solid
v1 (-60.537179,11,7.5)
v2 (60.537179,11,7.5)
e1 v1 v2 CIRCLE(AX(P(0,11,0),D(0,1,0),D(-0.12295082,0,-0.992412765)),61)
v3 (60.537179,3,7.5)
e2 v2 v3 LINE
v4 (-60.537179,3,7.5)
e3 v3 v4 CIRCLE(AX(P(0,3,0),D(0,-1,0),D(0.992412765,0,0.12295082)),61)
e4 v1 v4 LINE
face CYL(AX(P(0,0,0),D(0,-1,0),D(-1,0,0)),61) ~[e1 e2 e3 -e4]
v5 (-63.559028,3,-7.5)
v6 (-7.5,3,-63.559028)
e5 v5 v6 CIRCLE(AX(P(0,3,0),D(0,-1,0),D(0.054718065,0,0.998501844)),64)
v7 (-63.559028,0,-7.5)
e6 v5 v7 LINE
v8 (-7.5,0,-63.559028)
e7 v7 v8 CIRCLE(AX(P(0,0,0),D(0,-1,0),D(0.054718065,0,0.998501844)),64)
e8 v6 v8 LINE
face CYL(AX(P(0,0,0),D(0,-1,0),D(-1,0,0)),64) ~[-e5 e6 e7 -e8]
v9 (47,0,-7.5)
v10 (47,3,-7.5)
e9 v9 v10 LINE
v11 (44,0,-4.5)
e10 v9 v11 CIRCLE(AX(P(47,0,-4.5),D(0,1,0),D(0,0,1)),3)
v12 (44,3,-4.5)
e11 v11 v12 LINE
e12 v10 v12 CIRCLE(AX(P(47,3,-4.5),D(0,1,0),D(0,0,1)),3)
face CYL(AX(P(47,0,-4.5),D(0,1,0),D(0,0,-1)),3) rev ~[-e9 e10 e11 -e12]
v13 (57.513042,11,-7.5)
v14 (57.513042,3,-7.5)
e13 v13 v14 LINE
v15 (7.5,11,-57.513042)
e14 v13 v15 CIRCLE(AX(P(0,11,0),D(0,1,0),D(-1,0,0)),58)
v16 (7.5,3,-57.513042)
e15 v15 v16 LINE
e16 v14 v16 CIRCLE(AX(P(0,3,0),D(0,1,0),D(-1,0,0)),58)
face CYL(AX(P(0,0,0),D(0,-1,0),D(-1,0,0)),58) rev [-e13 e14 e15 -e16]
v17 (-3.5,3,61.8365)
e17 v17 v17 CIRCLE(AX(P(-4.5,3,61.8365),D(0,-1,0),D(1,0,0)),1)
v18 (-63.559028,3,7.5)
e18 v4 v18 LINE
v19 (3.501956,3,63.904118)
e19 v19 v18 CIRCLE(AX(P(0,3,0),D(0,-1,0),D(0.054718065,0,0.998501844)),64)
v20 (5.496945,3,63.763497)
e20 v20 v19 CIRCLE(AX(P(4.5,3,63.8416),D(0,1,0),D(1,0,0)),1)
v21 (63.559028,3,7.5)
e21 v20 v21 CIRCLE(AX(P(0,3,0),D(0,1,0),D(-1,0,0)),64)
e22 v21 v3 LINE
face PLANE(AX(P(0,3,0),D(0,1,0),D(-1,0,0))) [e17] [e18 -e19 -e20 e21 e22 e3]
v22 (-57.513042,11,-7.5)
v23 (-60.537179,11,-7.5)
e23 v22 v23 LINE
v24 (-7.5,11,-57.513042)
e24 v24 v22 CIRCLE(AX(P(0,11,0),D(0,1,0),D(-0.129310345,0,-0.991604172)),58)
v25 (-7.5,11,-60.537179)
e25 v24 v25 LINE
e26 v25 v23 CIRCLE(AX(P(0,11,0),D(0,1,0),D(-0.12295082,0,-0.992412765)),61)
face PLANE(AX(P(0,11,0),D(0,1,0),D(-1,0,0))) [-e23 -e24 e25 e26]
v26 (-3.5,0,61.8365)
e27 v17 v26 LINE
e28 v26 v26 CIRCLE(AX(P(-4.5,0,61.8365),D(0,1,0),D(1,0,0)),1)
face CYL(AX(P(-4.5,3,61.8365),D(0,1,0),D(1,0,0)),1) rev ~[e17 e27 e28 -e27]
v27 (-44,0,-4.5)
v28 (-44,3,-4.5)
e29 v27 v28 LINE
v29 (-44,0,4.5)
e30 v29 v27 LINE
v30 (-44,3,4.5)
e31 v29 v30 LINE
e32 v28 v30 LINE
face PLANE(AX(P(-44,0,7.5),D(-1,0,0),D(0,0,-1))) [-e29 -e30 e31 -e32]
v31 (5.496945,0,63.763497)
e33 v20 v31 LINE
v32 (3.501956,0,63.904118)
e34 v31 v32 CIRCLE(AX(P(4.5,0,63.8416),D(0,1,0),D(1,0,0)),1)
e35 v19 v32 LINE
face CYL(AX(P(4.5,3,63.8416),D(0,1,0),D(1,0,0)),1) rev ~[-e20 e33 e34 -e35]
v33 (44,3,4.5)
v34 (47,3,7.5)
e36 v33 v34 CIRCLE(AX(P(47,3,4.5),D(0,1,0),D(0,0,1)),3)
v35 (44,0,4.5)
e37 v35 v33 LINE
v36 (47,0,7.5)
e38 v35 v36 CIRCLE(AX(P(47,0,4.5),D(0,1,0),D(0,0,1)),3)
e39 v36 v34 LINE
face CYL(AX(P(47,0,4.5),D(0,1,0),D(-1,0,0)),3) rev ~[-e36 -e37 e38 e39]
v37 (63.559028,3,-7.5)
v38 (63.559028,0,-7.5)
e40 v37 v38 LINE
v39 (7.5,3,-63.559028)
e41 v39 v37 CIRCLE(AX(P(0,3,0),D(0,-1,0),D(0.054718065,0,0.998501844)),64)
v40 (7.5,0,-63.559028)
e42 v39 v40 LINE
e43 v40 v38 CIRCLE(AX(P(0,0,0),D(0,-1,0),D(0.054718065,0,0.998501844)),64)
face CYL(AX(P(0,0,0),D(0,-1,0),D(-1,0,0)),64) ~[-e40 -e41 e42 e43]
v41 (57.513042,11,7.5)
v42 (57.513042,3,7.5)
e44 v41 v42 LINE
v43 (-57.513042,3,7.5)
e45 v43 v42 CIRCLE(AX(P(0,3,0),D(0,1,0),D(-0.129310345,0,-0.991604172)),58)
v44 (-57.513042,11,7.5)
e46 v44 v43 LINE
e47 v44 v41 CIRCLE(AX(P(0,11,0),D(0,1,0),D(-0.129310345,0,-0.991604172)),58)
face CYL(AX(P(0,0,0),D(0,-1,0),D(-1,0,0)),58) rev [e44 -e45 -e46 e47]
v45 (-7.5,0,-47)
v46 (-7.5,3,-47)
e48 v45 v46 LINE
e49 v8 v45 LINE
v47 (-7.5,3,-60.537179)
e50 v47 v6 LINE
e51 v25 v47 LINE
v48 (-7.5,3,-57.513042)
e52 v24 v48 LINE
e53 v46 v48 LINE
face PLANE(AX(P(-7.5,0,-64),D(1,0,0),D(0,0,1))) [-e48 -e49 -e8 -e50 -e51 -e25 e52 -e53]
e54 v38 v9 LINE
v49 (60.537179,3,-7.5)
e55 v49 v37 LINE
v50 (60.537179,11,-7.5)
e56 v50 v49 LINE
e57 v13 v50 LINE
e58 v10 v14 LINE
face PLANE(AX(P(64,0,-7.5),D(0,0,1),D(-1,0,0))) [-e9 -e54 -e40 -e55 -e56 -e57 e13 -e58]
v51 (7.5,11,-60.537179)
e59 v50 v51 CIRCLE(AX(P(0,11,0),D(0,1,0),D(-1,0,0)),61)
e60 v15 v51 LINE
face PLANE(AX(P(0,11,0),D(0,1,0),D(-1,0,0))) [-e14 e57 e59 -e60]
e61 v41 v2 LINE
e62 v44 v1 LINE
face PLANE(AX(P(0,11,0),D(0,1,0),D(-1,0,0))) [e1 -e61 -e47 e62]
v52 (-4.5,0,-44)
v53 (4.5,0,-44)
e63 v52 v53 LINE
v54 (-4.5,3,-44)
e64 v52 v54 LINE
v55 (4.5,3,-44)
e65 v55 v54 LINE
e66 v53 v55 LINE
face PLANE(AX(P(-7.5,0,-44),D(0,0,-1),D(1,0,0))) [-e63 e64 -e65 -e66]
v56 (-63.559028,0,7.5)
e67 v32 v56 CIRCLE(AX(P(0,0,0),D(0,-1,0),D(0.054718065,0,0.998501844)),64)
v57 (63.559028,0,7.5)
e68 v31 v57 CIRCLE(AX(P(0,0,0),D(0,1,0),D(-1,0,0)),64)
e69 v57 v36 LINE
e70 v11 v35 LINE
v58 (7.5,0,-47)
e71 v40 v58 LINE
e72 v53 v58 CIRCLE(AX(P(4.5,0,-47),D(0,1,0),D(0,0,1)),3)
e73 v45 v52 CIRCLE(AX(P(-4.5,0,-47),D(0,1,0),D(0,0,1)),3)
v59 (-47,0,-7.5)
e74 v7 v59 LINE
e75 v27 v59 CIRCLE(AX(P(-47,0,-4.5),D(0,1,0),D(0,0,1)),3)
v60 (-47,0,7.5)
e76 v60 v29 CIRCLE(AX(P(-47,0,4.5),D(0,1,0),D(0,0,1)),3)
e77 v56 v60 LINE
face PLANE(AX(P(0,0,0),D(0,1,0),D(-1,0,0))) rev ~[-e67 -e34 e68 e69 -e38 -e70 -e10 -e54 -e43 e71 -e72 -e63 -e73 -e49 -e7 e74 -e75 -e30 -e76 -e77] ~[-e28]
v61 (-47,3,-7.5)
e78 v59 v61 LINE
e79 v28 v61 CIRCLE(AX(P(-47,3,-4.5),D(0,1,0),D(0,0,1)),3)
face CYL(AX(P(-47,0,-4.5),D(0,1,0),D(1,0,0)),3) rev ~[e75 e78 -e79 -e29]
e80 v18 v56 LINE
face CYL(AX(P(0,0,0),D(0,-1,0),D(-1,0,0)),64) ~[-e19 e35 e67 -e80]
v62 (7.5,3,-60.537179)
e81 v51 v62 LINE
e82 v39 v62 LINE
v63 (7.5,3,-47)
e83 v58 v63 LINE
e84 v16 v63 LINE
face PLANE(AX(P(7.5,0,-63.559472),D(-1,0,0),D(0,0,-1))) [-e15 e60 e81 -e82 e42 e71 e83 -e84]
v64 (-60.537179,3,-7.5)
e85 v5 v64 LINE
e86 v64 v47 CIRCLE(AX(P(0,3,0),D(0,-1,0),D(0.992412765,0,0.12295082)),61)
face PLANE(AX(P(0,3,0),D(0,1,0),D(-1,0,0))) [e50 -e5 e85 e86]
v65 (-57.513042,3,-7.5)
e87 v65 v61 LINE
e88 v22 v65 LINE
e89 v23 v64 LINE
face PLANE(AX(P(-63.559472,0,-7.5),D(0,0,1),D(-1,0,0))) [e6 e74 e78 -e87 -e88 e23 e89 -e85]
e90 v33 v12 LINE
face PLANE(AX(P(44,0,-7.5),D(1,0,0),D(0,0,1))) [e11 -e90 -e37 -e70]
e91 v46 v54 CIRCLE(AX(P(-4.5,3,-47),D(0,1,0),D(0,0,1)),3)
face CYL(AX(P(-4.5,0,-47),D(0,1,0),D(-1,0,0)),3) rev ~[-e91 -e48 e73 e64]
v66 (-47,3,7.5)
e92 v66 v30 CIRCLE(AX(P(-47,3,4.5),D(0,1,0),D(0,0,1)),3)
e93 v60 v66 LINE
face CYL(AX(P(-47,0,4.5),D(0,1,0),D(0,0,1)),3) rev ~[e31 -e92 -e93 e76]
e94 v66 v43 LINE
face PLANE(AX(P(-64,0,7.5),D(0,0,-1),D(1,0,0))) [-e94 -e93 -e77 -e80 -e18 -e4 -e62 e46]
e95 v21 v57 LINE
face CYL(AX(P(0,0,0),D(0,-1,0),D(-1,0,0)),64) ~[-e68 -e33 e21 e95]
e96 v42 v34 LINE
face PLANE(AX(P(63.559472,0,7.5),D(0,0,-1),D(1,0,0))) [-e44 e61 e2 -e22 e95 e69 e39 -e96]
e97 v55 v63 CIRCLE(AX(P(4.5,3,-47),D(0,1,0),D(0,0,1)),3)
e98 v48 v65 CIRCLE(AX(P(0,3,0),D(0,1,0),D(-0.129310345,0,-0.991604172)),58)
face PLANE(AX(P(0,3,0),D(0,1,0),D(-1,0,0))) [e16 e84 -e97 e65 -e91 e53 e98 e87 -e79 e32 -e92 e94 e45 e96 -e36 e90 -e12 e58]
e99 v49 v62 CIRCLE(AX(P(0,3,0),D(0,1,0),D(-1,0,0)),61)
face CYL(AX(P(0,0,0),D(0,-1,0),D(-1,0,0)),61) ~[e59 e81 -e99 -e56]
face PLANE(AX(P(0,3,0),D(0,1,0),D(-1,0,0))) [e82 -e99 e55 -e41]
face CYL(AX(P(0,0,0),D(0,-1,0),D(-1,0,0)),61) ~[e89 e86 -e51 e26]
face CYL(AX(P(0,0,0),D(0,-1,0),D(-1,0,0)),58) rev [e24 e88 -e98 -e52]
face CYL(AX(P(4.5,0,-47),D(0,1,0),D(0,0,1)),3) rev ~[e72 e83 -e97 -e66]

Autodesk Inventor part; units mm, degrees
ref_plane "YZ Plane" through (0, 0, 0) normal (1, 0, 0) x (0, 1, 0)
ref_plane "XZ Plane" through (0, 0, 0) normal (0, 1, 0) x (-1, 0, 0)
ref_plane "XY Plane" through (0, 0, 0) normal (0, 0, 1) x (1, 0, 0)
sketch "Sketch1" plane through (0, 0, 0) normal (0, 1, 0) x (-1, 0, 0)
  circle A0 centre (0, 0) radius 61
  circle A1 centre (0, 0) radius 58
  circle A2 centre (0, 0) radius 64
  dimension "d0" = 122
  dimension "d1" = 3
  dimension "d2" = 3
extrude "Extrusion1" add sketch "Sketch1" along normal blind 11 contours A0
extrude "Extrusion2" add sketch "Sketch1" along normal blind 3 contours A2
sketch "Sketch2" plane through (0, 3, 0) normal (0, 1, 0) x (1, 0, 0)
  circle A0 centre (-4.5, -61.8365) radius 1
  circle A1 centre (0, 0) radius 61 projected
  circle A2 centre (0, 0) radius 63 construction
  circle A3 centre (4.5, -63.8416) radius 1
  dimension "d7" = 2
  dimension "d8" = 4.5
  dimension "d9" = 4.5
extrude "Extrusion3" cut sketch "Sketch2" against normal up to surface (3 mm away) contours A0 | A3
extrude "Extrusion4" add sketch "Sketch1" along normal blind 3 contours A1
sketch "Sketch3" plane through (0, 0, 0) normal (0, -1, 0) x (1, 0, 0)
  line L0 (64, -7.5) -> (44, -7.5)
  line L1 (44, -7.5) -> (44, 7.5)
  line L2 (44, 7.5) -> (64, 7.5)
  line L3 (64, 7.5) -> (64, -7.5)
  arc A0 (3.502, 63.9041) -> (5.4969, 63.7635) centre (0, 0) ccw projected
  point P0 (64, 0)
  dimension "d14" = 15
  dimension "d15" = 20
extrude "Extrusion5" cut sketch "Sketch3" against normal up to surface (11 mm away)
pattern_circular "Circular Pattern1" count 3 over 180 about axis through (0, -10, 0) along (0, 1, 0) of "Extrusion5"
fillet "Fillet1" radius 3 6 edges at (44, 1.5, 7.5) (44, 1.5, -7.5) (-44, 1.5, 7.5) (-44, 1.5, -7.5) (7.5, 1.5, -44) (-7.5, 1.5, -44)
properties part number "122mm-CoilForm_3DPrint"
